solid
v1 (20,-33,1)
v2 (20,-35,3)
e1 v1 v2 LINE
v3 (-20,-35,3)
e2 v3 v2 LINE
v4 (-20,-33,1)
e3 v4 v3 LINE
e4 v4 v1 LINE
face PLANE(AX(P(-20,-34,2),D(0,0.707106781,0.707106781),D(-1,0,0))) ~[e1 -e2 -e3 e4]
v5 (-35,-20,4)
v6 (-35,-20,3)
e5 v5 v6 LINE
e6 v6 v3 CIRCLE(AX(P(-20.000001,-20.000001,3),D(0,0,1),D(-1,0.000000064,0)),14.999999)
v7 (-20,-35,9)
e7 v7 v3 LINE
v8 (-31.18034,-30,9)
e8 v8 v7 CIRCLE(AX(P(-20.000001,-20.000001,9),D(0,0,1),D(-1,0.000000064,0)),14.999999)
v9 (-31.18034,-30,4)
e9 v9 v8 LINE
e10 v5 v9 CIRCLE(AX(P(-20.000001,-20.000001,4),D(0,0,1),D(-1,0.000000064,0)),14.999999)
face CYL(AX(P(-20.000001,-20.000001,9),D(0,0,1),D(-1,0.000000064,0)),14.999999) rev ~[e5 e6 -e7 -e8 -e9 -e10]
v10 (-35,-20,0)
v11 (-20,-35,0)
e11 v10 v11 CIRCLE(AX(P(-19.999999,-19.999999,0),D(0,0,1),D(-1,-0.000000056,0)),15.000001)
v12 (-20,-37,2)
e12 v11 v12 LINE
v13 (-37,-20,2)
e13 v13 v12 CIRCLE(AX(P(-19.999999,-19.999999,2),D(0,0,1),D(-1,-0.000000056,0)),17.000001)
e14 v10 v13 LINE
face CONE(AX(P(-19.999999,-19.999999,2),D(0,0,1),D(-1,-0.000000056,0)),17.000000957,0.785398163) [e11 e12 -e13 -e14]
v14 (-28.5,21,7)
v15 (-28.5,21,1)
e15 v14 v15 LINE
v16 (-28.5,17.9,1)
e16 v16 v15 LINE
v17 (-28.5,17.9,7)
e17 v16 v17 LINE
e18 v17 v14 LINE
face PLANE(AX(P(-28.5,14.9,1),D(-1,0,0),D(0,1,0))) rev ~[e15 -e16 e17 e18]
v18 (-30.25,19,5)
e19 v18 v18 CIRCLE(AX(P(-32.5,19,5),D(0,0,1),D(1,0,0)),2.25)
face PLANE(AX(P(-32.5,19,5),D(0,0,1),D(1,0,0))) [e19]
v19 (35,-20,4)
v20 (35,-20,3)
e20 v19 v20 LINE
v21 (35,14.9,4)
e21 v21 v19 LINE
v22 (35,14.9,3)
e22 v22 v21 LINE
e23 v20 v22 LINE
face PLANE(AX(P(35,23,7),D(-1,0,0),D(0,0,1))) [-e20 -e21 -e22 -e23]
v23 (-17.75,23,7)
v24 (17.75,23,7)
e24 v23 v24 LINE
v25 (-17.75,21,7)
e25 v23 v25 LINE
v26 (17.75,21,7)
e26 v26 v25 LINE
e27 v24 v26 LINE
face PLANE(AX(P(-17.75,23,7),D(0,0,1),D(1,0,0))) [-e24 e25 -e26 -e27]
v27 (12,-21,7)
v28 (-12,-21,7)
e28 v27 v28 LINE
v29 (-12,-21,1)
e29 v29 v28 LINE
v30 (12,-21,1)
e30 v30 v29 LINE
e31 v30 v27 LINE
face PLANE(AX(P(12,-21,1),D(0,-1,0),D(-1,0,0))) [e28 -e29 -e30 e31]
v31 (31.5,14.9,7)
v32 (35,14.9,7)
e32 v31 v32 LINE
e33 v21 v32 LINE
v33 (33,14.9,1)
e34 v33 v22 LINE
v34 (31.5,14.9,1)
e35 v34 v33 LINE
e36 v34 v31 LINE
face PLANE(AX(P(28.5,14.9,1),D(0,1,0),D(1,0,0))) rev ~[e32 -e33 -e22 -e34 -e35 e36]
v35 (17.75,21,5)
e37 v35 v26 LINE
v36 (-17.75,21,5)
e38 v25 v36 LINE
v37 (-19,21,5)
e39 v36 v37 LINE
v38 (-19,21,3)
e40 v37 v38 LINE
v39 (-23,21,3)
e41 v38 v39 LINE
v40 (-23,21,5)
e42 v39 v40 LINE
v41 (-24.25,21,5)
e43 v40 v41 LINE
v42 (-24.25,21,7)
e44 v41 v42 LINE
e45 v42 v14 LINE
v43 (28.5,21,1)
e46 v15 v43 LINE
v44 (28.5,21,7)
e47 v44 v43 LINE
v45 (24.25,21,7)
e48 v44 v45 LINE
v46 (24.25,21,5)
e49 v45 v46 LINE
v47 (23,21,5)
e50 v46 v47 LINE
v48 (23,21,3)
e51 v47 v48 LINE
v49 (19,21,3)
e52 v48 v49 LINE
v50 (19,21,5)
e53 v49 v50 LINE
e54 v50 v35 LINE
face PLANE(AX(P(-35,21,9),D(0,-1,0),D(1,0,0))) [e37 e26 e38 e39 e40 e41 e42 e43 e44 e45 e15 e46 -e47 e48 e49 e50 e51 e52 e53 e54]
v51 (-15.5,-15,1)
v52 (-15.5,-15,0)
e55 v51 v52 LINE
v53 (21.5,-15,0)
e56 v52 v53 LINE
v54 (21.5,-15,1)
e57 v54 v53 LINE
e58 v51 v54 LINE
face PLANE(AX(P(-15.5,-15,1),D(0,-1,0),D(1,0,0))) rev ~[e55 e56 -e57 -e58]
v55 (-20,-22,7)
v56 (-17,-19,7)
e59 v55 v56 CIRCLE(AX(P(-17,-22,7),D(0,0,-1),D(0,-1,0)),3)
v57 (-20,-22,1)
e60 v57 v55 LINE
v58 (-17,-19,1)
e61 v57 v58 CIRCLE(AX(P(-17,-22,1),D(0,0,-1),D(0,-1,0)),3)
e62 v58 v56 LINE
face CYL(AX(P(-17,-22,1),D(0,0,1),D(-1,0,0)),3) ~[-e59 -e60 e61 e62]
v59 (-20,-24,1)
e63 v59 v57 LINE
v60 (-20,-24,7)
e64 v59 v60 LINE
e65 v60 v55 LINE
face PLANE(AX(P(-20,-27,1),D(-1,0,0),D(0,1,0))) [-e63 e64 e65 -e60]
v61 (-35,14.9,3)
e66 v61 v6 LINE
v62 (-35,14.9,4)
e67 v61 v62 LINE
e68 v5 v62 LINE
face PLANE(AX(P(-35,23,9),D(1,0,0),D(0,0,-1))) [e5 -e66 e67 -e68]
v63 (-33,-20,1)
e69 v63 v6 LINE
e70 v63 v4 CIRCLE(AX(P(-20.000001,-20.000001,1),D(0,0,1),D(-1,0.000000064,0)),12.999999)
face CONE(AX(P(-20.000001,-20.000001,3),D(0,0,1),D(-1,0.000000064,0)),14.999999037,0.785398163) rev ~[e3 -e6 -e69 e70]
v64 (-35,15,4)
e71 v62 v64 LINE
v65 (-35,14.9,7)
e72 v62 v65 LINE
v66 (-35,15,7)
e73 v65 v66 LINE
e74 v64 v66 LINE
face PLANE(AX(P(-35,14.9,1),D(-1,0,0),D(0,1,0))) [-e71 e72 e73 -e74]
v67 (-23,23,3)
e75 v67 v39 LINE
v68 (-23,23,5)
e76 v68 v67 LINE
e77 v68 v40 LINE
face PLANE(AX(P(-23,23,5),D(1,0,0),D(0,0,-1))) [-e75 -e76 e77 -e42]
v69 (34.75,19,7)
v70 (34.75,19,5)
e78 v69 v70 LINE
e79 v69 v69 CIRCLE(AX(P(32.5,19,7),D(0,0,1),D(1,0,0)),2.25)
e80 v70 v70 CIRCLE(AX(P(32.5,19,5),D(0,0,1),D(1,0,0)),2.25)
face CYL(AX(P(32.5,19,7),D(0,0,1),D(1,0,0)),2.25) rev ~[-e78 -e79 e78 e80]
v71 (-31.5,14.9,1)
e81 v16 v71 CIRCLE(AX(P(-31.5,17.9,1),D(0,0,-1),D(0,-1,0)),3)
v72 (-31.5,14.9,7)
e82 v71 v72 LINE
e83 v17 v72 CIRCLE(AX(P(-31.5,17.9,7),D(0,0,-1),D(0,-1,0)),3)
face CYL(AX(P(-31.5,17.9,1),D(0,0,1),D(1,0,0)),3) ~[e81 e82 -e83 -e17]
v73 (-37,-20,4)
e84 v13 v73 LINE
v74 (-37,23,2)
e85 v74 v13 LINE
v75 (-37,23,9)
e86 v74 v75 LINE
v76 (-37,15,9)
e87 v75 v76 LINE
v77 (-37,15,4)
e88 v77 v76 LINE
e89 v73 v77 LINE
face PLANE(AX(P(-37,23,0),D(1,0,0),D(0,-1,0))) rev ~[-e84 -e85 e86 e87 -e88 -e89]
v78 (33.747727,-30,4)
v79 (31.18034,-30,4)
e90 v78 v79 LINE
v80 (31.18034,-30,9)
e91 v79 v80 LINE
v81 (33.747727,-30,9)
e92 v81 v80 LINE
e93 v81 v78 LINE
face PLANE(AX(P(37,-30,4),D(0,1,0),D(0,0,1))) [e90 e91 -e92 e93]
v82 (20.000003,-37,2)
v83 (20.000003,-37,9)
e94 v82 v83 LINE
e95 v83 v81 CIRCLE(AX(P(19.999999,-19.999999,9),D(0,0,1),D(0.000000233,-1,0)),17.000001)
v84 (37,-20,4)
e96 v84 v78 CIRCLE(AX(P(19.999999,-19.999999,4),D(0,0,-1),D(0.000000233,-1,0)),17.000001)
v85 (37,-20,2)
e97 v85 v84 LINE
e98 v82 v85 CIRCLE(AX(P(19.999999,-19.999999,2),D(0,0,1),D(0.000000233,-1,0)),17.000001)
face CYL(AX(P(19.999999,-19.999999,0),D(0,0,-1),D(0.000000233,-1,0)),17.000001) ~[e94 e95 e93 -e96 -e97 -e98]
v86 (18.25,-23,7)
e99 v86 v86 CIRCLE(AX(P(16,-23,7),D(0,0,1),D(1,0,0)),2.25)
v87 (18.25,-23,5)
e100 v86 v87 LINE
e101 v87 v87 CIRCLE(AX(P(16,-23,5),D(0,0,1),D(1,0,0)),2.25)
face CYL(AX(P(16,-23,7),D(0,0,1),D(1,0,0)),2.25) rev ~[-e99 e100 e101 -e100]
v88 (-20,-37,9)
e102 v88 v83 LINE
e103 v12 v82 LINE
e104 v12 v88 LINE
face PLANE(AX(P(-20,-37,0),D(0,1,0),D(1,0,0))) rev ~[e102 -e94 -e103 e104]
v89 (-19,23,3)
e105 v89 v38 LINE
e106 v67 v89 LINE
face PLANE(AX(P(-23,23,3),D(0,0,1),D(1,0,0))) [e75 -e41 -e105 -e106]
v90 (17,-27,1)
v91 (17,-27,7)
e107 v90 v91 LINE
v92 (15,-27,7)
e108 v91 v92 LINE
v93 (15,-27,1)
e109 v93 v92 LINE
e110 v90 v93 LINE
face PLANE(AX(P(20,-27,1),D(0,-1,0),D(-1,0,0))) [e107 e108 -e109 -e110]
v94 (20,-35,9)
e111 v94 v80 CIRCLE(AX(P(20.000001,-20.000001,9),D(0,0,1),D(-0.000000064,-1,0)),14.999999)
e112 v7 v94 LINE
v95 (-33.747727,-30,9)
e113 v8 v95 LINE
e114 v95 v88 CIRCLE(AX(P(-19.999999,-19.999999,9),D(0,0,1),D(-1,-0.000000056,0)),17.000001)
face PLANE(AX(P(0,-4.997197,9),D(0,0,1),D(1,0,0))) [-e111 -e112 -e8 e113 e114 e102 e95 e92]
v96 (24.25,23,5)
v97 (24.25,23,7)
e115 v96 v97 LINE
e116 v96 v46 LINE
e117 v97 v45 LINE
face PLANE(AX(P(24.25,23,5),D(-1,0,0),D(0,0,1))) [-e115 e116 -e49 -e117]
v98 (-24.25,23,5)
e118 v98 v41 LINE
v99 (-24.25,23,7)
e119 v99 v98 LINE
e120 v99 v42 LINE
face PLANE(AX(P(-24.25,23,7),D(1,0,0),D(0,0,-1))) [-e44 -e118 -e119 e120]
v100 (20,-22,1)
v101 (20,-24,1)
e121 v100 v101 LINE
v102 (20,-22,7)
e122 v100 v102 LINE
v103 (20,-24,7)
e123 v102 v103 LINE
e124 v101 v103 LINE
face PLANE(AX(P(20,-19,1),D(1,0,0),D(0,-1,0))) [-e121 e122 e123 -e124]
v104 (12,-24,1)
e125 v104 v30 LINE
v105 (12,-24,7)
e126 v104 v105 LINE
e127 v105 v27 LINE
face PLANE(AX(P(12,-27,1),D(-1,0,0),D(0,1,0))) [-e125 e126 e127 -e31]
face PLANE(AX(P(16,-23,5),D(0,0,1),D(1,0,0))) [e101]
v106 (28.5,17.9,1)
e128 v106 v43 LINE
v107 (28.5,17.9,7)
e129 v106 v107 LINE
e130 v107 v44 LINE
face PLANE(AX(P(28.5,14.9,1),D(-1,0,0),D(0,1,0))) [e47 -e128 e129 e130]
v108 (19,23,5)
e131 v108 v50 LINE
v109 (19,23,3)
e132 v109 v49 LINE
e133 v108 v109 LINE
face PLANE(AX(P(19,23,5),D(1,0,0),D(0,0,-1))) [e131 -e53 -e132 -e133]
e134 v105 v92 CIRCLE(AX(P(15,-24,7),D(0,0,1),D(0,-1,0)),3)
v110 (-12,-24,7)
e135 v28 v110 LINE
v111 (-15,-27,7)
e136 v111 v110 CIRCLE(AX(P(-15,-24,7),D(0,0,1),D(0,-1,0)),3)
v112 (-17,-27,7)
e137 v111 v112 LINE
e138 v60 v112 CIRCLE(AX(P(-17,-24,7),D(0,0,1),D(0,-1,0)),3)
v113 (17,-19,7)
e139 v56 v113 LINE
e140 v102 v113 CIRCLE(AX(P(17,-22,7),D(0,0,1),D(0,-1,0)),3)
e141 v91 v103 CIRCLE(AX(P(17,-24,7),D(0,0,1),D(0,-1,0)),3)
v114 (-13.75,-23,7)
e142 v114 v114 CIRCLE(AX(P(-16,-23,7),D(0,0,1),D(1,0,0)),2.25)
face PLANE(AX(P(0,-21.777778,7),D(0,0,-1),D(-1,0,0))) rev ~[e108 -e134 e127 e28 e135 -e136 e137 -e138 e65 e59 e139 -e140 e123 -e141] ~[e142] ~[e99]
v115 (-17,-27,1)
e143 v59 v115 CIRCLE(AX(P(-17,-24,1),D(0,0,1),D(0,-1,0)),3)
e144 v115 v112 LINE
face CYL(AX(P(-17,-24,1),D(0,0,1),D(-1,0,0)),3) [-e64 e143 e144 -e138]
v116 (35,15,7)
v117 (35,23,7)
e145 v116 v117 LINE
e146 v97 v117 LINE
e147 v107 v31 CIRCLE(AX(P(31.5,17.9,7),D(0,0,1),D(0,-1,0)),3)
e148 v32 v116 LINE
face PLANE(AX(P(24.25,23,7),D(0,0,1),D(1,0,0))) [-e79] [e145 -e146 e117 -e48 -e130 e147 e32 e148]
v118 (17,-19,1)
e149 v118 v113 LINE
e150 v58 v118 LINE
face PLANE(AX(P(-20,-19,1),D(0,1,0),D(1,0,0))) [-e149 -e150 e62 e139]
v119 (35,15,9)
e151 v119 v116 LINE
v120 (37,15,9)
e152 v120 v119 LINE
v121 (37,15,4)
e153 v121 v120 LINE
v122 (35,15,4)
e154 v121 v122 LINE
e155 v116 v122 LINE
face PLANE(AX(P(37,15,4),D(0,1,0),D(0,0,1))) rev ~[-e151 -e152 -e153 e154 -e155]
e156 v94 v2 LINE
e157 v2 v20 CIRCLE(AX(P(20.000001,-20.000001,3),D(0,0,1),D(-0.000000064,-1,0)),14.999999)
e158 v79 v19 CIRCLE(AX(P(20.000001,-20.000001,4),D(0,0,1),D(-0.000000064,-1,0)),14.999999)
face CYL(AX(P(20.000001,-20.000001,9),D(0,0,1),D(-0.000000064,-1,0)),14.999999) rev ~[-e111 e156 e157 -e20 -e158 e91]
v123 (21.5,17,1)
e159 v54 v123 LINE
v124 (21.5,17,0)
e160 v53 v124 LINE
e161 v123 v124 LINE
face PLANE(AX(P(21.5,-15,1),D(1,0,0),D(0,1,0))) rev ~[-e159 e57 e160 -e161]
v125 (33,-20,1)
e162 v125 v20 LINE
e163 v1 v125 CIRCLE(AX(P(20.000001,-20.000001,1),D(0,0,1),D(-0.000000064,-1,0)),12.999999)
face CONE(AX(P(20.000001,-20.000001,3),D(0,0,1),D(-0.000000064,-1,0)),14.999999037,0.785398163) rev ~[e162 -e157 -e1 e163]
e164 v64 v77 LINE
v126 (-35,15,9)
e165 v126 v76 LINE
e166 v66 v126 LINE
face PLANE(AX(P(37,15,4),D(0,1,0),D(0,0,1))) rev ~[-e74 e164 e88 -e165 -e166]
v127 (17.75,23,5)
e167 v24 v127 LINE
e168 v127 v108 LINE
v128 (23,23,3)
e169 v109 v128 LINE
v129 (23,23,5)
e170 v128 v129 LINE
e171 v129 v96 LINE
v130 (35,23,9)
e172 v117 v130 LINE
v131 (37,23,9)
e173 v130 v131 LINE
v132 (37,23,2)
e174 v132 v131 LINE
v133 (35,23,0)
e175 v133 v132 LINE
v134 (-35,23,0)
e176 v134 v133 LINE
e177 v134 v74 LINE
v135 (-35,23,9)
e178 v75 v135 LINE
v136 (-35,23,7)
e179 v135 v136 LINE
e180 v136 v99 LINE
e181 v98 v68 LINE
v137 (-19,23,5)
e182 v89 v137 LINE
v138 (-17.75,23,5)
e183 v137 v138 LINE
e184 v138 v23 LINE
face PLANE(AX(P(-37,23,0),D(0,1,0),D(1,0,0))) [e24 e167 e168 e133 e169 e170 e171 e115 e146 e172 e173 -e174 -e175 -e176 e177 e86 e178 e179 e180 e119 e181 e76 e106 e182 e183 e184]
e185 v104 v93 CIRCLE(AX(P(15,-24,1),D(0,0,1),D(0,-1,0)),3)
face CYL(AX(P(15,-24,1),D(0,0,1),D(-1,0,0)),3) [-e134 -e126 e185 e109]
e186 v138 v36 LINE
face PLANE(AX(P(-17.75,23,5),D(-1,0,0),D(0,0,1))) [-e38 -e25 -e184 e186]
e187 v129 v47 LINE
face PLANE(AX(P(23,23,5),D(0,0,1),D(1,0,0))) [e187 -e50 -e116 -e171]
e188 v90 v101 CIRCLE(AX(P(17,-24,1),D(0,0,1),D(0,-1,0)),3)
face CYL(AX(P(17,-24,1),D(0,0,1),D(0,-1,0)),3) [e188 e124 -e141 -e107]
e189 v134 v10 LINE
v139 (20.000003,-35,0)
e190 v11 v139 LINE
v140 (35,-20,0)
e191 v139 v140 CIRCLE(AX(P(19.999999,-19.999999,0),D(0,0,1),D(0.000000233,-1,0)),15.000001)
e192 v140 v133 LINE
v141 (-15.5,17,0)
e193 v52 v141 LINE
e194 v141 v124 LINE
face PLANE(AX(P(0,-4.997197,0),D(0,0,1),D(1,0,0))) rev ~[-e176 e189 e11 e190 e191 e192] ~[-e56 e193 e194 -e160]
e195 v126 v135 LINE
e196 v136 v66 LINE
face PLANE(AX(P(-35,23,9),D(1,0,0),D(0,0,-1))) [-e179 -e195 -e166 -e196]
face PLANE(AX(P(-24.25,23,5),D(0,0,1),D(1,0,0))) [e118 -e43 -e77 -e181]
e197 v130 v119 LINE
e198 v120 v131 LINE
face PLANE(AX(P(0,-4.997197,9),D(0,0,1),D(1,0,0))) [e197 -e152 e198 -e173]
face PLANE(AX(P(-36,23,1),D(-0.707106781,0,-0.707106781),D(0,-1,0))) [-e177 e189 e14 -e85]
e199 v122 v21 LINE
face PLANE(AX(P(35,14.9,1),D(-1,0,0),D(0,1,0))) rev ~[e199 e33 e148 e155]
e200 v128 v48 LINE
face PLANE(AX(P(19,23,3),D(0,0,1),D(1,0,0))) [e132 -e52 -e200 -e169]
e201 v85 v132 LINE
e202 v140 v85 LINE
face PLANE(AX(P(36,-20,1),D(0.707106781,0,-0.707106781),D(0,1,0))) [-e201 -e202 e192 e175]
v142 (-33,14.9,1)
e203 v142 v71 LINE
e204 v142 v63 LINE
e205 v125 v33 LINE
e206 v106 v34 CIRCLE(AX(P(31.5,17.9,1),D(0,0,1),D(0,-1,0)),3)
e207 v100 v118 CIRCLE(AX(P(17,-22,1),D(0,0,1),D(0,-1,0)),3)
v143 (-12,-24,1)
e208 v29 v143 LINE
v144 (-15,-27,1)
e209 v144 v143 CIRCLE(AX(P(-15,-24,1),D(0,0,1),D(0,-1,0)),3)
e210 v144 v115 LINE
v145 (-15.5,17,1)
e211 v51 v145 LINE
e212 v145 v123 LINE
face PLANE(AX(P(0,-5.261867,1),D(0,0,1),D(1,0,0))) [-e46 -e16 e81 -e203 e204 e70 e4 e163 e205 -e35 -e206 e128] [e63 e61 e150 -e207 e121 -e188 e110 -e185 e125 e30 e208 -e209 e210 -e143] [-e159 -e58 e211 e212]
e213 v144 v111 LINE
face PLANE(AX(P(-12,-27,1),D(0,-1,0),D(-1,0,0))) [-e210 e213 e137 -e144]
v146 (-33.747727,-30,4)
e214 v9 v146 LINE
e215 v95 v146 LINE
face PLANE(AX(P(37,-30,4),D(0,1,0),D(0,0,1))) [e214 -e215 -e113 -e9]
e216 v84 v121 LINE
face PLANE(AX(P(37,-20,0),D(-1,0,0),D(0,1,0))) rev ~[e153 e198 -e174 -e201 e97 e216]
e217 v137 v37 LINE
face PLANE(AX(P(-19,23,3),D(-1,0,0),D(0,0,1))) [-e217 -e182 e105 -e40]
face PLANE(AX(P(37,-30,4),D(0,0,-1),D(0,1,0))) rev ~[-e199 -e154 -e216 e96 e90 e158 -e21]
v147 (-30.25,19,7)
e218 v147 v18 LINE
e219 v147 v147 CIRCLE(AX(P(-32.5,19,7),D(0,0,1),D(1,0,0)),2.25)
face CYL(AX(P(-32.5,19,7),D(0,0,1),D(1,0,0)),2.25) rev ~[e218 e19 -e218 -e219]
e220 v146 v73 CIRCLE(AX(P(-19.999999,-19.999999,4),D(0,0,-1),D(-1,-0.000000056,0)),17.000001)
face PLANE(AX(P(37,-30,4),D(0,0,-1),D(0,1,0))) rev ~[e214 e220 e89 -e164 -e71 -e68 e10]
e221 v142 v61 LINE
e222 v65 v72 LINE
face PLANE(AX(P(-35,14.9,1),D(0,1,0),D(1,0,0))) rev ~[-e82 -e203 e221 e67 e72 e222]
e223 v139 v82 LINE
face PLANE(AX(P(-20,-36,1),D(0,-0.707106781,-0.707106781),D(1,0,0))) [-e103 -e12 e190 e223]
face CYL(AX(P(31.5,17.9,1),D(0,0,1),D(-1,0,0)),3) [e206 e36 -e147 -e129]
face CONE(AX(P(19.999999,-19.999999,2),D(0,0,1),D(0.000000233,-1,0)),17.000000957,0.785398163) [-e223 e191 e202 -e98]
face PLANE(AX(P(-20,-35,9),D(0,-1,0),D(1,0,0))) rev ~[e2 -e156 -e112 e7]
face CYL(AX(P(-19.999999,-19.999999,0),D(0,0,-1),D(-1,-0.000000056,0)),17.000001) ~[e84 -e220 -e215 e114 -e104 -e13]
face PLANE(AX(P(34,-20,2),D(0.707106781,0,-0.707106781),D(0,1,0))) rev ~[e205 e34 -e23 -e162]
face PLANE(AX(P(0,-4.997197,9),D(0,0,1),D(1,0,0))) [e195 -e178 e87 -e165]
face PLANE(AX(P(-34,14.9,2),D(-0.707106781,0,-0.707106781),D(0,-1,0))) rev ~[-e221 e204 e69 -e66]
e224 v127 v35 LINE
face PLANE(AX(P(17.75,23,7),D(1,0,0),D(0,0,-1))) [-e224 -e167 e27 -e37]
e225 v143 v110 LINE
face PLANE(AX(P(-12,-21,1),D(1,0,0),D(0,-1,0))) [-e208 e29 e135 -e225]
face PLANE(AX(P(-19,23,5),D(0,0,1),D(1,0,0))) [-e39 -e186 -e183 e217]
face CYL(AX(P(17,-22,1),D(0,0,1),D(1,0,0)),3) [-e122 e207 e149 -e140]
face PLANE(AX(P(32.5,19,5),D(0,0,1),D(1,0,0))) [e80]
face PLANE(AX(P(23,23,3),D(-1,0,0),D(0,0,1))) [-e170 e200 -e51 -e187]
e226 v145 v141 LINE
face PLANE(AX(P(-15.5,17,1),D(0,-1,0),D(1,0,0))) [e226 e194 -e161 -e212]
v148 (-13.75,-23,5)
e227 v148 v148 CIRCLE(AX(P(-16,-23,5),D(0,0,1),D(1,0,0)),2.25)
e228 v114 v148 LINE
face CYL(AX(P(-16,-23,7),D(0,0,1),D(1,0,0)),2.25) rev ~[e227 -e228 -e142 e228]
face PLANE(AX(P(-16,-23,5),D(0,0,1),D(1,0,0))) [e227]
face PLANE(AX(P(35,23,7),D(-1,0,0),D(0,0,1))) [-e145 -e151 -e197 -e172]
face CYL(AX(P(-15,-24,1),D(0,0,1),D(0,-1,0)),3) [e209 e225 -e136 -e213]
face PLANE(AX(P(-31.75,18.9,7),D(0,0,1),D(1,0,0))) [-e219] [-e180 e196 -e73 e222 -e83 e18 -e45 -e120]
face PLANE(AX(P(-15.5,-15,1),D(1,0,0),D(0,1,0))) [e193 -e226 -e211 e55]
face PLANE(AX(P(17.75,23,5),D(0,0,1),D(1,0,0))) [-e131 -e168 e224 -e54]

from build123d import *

# Parameters (mm, degrees)
PAD_DEPTH       = 9
POCKET_DEPTH    = 8
SKETCH002_W     = 37
SKETCH002_H     = 32
POCKET001_DEPTH = 1.001
POCKET002_DEPTH = 5
SKETCH004_W     = 45
SKETCH004_H     = 5
POCKET003_DEPTH = 74.001
SKETCH005_W     = 6.5
SKETCH005_H     = 8
PAD001_DEPTH    = 6
SKETCH006_R     = 2.25
POCKET004_DEPTH = 2
CHAMFER_SIZE    = 2
CHAMFER001_SIZE = 2
FILLET_R        = 3


with BuildPart() as part:
    # Sketch → Pad (new body)
    with BuildSketch(Plane.XY):
        with BuildLine():
            Line((-37, 23), (-37, -20))
            ThreePointArc((-37, -20), (-32.020815, -32.020815), (-20, -37))
            Line((-20, -37), (20.000003, -37))
            ThreePointArc((20.000003, -37), (32.020816, -32.020814), (37, -20))
            Line((37, -20), (37, 23))
            Line((-37, 23), (37, 23))
        make_face()
    extrude(amount=PAD_DEPTH)

    # Sketch001 (on Face8 of Pad) → Pocket (cut)
    with BuildSketch(Plane.XY.offset(9)):
        with BuildLine():
            Line((-35, 21), (-35, -20))
            ThreePointArc((-35, -20), (-30.606602, -30.606602), (-20, -35))
            Line((-20, -35), (20, -35))
            ThreePointArc((20, -35), (30.606602, -30.606602), (35, -20))
            Line((35, 21), (35, -20))
            Line((-35, 21), (35, 21))
        make_face()
    extrude(amount=-POCKET_DEPTH, mode=Mode.SUBTRACT)

    # Sketch002 (on Face15 of Pocket) → Pocket001 (cut, through all)
    with BuildSketch(Plane.XY.offset(1)):
        with Locations((3, 1)):
            Rectangle(SKETCH002_W, SKETCH002_H)
    extrude(amount=-POCKET001_DEPTH, mode=Mode.SUBTRACT)

    # Sketch003 (on Face2 of Pocket001) → Pocket002 (cut)
    with BuildSketch(Plane(origin=(0, 23, 0), x_dir=(-1, 0, 0), z_dir=(0, 1, 0))):
        Polygon((-35, 9), (35, 9), (35, 7), (24.25, 7), (24.25, 5), (23, 5), (23, 3), (19, 3), (19, 5), (17.75, 5), (17.75, 7), (-17.75, 7), (-17.75, 5), (-19, 5), (-19, 3), (-23, 3), (-23, 5), (-24.25, 5), (-24.25, 7), (-35, 7), align=None)
    extrude(amount=-POCKET002_DEPTH, mode=Mode.SUBTRACT)

    # Sketch004 → Pocket003 (cut, through all)
    with BuildSketch(Plane.YZ.offset(37)):
        with Locations((-7.5, 6.5)):
            Rectangle(SKETCH004_W, SKETCH004_H)
    extrude(amount=-POCKET003_DEPTH, mode=Mode.SUBTRACT)

    # Sketch005 (on Face43 of Pocket003) → Pad001 (join)
    with BuildSketch(Plane.XY.offset(1)):
        Polygon((-20, -19), (20, -19), (20, -27), (12, -27), (12, -21), (-12, -21), (-12, -27), (-20, -27), align=None)
        with Locations((-31.75, 18.9)):
            Rectangle(SKETCH005_W, SKETCH005_H)
        with Locations((31.75, 18.9)):
            Rectangle(SKETCH005_W, SKETCH005_H)
    extrude(amount=PAD001_DEPTH)

    # Sketch006 (on Face69 of Pad001) → Pocket004 (cut)
    with BuildSketch(Plane.XY.offset(7)):
        with Locations((-16, -23)):
            Circle(SKETCH006_R)
        with Locations((16, -23)):
            Circle(SKETCH006_R)
        with Locations((-32.5, 19)):
            Circle(SKETCH006_R)
        with Locations((32.5, 19)):
            Circle(SKETCH006_R)
    extrude(amount=-POCKET004_DEPTH, mode=Mode.SUBTRACT)

    # Chamfer
    chamfer_edges = [part.edges().sort_by_distance(p)[0] for p in [
        (-35, -2.55, 1),
    ]]
    chamfer(chamfer_edges, length=CHAMFER_SIZE)

    # Chamfer001
    chamfer001_edges = [part.edges().sort_by_distance(p)[0] for p in [
        (32.020816, -32.020814, 0),
    ]]
    chamfer(chamfer001_edges, length=CHAMFER001_SIZE)

    # Fillet
    fillet_edges = [part.edges().sort_by_distance(p)[0] for p in [
        (-28.5, 14.9, 4),
        (28.5, 14.9, 4),
        (20, -27, 4),
        (12, -27, 4),
        (-12, -27, 4),
        (-20, -27, 4),
        (-20, -19, 4),
        (20, -19, 4),
    ]]
    fillet(fillet_edges, radius=FILLET_R)


solid = part.part
